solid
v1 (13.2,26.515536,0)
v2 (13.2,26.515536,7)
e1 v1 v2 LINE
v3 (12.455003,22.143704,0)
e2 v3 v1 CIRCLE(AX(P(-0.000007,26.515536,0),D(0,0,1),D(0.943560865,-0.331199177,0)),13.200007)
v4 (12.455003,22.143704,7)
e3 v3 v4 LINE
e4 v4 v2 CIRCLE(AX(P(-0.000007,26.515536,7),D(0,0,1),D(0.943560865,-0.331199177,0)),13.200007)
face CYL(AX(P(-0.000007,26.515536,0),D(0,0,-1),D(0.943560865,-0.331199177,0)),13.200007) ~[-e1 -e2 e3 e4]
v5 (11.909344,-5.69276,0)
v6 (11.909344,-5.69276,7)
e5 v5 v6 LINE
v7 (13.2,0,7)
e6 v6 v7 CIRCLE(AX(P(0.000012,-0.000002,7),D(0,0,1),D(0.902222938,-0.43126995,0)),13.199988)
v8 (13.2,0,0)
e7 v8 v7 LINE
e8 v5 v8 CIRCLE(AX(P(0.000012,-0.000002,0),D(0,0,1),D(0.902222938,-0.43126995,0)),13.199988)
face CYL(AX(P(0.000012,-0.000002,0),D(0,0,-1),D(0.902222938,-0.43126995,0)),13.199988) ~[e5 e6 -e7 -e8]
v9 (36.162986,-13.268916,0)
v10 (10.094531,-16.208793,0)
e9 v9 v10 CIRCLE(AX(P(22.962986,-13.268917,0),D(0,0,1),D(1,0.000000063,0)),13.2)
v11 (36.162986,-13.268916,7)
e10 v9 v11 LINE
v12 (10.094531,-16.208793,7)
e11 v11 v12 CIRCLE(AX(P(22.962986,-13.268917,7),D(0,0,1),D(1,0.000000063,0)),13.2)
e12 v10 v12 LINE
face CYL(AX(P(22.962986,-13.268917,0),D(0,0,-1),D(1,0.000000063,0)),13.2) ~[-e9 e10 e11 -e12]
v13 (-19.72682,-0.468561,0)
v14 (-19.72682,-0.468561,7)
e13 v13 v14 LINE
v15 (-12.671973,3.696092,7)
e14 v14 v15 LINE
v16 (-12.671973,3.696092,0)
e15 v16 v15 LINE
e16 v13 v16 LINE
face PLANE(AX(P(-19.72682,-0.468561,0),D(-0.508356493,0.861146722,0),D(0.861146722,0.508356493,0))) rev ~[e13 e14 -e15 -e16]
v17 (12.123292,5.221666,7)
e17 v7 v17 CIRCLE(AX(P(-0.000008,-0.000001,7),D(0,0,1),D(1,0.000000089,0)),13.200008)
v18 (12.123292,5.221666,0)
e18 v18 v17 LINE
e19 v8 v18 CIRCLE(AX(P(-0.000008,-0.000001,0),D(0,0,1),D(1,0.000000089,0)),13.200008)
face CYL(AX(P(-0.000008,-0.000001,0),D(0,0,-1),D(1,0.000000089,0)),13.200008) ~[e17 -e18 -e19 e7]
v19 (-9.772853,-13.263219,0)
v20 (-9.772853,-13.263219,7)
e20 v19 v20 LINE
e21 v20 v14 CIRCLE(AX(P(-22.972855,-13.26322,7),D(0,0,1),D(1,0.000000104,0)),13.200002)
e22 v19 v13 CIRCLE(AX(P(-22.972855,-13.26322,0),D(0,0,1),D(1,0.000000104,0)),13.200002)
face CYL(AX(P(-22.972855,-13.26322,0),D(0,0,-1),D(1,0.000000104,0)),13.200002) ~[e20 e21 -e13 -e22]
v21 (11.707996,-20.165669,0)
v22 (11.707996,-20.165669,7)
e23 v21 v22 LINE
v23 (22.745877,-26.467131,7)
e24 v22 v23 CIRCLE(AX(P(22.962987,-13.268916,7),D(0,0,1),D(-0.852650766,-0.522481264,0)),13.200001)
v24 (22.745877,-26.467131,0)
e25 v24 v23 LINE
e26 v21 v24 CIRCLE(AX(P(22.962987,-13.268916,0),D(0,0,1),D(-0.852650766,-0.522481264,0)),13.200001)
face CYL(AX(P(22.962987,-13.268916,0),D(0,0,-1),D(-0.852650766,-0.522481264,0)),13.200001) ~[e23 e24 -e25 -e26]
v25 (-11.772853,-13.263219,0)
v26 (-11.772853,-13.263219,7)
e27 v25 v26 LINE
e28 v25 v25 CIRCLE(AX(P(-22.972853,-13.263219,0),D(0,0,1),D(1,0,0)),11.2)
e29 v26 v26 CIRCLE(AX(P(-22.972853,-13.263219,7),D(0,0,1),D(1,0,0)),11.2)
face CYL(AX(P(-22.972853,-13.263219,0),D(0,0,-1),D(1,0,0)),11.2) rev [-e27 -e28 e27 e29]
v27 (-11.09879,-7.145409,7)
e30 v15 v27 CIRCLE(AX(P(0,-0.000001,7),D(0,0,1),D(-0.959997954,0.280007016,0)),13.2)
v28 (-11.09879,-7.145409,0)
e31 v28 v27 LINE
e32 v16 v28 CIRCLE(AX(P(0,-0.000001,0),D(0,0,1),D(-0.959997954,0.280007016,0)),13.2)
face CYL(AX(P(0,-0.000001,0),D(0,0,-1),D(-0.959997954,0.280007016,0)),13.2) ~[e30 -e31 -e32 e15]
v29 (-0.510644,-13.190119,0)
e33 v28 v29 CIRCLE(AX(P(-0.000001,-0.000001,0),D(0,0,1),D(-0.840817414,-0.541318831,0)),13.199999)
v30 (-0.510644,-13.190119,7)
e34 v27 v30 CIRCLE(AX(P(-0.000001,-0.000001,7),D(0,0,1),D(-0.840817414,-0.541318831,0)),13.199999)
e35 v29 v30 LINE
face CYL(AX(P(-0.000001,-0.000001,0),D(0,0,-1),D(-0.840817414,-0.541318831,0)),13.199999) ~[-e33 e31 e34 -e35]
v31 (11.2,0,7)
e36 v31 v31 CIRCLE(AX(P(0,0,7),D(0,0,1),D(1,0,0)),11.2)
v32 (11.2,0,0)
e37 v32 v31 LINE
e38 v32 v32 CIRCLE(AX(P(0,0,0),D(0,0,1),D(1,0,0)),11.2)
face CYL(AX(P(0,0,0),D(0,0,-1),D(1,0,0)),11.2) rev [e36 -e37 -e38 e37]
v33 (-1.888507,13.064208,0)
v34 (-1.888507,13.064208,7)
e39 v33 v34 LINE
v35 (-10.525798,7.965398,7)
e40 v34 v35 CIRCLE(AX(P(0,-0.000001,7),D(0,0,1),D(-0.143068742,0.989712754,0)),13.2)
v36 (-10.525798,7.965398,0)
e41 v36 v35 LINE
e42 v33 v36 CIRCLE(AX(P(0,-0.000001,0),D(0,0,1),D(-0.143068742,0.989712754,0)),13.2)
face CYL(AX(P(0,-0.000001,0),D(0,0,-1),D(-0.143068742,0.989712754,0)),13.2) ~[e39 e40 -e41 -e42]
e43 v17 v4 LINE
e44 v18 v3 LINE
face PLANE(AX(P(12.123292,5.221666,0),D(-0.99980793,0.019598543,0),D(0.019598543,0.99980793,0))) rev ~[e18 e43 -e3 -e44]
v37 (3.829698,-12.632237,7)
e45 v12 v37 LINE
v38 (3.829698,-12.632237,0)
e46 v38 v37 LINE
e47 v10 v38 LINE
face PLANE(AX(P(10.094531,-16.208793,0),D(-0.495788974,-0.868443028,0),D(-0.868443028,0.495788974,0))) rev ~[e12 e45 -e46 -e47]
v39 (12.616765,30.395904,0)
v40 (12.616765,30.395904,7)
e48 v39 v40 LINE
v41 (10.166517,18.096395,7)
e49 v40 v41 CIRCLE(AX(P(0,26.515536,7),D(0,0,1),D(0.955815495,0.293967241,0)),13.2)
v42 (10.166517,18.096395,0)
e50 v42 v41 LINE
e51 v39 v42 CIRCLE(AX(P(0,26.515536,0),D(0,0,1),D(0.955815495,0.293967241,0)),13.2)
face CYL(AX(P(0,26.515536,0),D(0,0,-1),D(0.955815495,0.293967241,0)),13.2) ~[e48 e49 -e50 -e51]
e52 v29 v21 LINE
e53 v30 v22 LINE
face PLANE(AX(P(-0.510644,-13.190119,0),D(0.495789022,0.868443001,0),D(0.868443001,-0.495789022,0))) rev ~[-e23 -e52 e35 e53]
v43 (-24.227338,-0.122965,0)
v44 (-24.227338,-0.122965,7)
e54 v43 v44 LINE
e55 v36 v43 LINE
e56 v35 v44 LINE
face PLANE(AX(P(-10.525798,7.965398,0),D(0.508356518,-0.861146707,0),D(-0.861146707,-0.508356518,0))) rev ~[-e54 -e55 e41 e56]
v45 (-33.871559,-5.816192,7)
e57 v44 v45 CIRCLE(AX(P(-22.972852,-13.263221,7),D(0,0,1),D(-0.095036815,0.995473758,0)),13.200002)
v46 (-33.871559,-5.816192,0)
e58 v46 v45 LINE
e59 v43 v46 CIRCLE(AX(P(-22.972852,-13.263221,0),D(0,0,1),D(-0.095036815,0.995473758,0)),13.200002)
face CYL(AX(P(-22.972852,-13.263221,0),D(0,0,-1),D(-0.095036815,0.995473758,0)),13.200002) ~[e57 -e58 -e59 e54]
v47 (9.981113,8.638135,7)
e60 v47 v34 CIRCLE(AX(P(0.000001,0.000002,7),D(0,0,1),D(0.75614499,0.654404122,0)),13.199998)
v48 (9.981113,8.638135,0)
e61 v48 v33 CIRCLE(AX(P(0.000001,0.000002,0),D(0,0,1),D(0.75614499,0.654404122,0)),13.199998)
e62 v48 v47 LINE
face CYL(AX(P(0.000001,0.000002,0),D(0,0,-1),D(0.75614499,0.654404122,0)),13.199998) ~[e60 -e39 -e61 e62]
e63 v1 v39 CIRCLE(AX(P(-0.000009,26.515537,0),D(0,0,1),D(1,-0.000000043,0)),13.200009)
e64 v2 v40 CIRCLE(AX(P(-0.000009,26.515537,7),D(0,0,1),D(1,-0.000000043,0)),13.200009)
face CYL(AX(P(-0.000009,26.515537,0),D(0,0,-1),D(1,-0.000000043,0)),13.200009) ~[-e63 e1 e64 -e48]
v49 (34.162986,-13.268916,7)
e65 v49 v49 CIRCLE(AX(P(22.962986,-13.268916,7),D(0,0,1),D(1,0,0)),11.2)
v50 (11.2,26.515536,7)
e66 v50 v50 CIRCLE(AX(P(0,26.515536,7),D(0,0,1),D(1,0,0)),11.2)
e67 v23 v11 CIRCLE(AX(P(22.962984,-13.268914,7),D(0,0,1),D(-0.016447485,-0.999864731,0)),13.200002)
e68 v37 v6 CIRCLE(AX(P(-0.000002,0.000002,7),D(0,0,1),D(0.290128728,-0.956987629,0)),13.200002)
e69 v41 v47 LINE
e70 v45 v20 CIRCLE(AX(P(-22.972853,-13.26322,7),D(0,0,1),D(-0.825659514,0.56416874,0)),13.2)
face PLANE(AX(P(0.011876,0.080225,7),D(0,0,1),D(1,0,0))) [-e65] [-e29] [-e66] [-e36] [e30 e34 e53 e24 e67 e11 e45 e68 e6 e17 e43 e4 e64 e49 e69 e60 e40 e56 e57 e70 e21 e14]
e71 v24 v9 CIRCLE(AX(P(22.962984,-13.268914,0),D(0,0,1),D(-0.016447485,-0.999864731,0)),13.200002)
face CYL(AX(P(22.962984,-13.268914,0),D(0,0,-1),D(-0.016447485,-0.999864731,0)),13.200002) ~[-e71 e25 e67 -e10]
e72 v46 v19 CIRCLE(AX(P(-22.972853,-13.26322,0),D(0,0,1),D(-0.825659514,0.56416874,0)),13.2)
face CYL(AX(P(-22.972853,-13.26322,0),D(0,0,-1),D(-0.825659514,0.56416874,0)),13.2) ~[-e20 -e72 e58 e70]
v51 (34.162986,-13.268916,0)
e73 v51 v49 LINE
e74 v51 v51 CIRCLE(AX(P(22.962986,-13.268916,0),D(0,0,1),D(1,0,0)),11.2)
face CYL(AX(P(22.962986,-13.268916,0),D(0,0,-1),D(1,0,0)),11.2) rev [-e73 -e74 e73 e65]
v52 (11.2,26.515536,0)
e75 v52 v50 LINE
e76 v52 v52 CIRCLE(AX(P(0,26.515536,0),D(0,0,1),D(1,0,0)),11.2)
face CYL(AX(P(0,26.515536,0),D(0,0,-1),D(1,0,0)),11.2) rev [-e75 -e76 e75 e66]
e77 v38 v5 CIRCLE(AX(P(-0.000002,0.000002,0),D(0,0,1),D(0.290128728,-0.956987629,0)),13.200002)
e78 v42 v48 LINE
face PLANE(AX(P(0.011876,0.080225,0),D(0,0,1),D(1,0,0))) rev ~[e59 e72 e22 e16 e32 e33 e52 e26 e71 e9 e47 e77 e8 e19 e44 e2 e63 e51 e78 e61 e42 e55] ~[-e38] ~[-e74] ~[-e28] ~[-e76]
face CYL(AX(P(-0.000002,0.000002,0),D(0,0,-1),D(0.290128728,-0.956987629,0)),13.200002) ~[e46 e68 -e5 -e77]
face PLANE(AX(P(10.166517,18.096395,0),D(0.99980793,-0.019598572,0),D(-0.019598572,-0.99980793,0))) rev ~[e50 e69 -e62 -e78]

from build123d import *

# Parameters (mm, degrees)
F0_R     = 11.2
F1_DEPTH = 7


with BuildPart() as f1:
    # F0 (on Top) → F1 (new body)
    with BuildSketch(Plane.XY):
        with BuildLine():
            ThreePointArc((12.123292, 5.221666), (11.183436, 7.012186), (9.981113, 8.638135))
            ThreePointArc((9.981113, 8.638135), (4.611952, 12.3681), (-1.888507, 13.064208))
            Line((-1.888507, 13.064208), (-10.525798, 7.965398))
            ThreePointArc((-10.525798, 7.965398), (-11.79368, 5.928668), (-12.671973, 3.696092))
            ThreePointArc((-12.671973, 3.696092), (-13.063186, -1.895567), (-11.09879, -7.145409))
            Line((-11.09879, -7.145409), (-0.510644, -13.190119))
            ThreePointArc((-0.510644, -13.190119), (1.682807, -13.092294), (3.829698, -12.632237))
            ThreePointArc((3.829698, -12.632237), (8.600491, -10.013568), (11.909344, -5.69276))
            Line((11.909344, -5.69276), (12.123292, 5.221666))
        make_face()
        Circle(F0_R, mode=Mode.SUBTRACT)
        with BuildLine():
            Line((10.166517, 18.096395), (9.981113, 8.638135))
            ThreePointArc((9.981113, 8.638135), (11.183436, 7.012186), (12.123292, 5.221666))
            Line((12.123292, 5.221666), (12.455003, 22.143704))
            ThreePointArc((12.455003, 22.143704), (11.490364, 20.018495), (10.166517, 18.096395))
        make_face()
        with BuildLine():
            Line((-10.525798, 7.965398), (-1.888507, 13.064208))
            ThreePointArc((-1.888507, 13.064208), (-6.710306, 11.367136), (-10.525798, 7.965398))
        make_face()
        with BuildLine():
            ThreePointArc((13.2, 0), (12.928021, 2.665759), (12.123292, 5.221666))
            Line((12.123292, 5.221666), (11.909344, -5.69276))
            ThreePointArc((11.909344, -5.69276), (12.873293, -2.918618), (13.2, 0))
        make_face()
        with BuildLine():
            ThreePointArc((12.616765, 30.395904), (-12.945615, 29.094498), (10.166517, 18.096395))
            ThreePointArc((10.166517, 18.096395), (11.490364, 20.018495), (12.455003, 22.143704))
            Line((12.455003, 22.143704), (12.616765, 30.395904))
        make_face()
        with Locations((0, 26.515536)):
            Circle(F0_R, mode=Mode.SUBTRACT)
        with BuildLine():
            ThreePointArc((-12.671973, 3.696092), (-11.79368, 5.928668), (-10.525798, 7.965398))
            Line((-10.525798, 7.965398), (-24.227338, -0.122965))
            ThreePointArc((-24.227338, -0.122965), (-21.962197, -0.101966), (-19.72682, -0.468561))
            Line((-19.72682, -0.468561), (-12.671973, 3.696092))
        make_face()
        with BuildLine():
            Line((12.616765, 30.395904), (12.455003, 22.143704))
            ThreePointArc((12.455003, 22.143704), (13.012418, 24.298109), (13.2, 26.515536))
            ThreePointArc((13.2, 26.515536), (13.053377, 28.477513), (12.616765, 30.395904))
        make_face()
        with BuildLine():
            Line((-33.871559, -5.816192), (-24.227338, -0.122965))
            ThreePointArc((-24.227338, -0.122965), (-29.68316, -1.896083), (-33.871559, -5.816192))
        make_face()
        with BuildLine():
            ThreePointArc((-19.72682, -0.468561), (-21.962197, -0.101966), (-24.227338, -0.122965))
            Line((-24.227338, -0.122965), (-33.871559, -5.816192))
            ThreePointArc((-33.871559, -5.816192), (-26.870102, -25.87478), (-9.772853, -13.263219))
            ThreePointArc((-9.772853, -13.263219), (-12.554417, -5.157901), (-19.72682, -0.468561))
        make_face()
        with Locations((-22.972853, -13.263219)):
            Circle(F0_R, mode=Mode.SUBTRACT)
        with BuildLine():
            Line((10.094531, -16.208793), (3.829698, -12.632237))
            ThreePointArc((3.829698, -12.632237), (1.682807, -13.092294), (-0.510644, -13.190119))
            Line((-0.510644, -13.190119), (11.707996, -20.165669))
            ThreePointArc((11.707996, -20.165669), (10.740083, -18.252955), (10.094531, -16.208793))
        make_face()
        with BuildLine():
            Line((-0.510644, -13.190119), (-11.09879, -7.145409))
            ThreePointArc((-11.09879, -7.145409), (-6.544415, -11.463448), (-0.510644, -13.190119))
        make_face()
        with BuildLine():
            ThreePointArc((36.162986, -13.268916), (21.483729, -0.152065), (10.094531, -16.208793))
            ThreePointArc((10.094531, -16.208793), (10.740083, -18.252955), (11.707996, -20.165669))
            Line((11.707996, -20.165669), (22.745877, -26.467131))
            ThreePointArc((22.745877, -26.467131), (32.219717, -22.679172), (36.162986, -13.268916))
        make_face()
        with Locations((22.962986, -13.268916)):
            Circle(F0_R, mode=Mode.SUBTRACT)
        with BuildLine():
            Line((22.745877, -26.467131), (11.707996, -20.165669))
            ThreePointArc((11.707996, -20.165669), (16.418571, -24.732364), (22.745877, -26.467131))
        make_face()
    extrude(amount=F1_DEPTH)


solid = f1.part
